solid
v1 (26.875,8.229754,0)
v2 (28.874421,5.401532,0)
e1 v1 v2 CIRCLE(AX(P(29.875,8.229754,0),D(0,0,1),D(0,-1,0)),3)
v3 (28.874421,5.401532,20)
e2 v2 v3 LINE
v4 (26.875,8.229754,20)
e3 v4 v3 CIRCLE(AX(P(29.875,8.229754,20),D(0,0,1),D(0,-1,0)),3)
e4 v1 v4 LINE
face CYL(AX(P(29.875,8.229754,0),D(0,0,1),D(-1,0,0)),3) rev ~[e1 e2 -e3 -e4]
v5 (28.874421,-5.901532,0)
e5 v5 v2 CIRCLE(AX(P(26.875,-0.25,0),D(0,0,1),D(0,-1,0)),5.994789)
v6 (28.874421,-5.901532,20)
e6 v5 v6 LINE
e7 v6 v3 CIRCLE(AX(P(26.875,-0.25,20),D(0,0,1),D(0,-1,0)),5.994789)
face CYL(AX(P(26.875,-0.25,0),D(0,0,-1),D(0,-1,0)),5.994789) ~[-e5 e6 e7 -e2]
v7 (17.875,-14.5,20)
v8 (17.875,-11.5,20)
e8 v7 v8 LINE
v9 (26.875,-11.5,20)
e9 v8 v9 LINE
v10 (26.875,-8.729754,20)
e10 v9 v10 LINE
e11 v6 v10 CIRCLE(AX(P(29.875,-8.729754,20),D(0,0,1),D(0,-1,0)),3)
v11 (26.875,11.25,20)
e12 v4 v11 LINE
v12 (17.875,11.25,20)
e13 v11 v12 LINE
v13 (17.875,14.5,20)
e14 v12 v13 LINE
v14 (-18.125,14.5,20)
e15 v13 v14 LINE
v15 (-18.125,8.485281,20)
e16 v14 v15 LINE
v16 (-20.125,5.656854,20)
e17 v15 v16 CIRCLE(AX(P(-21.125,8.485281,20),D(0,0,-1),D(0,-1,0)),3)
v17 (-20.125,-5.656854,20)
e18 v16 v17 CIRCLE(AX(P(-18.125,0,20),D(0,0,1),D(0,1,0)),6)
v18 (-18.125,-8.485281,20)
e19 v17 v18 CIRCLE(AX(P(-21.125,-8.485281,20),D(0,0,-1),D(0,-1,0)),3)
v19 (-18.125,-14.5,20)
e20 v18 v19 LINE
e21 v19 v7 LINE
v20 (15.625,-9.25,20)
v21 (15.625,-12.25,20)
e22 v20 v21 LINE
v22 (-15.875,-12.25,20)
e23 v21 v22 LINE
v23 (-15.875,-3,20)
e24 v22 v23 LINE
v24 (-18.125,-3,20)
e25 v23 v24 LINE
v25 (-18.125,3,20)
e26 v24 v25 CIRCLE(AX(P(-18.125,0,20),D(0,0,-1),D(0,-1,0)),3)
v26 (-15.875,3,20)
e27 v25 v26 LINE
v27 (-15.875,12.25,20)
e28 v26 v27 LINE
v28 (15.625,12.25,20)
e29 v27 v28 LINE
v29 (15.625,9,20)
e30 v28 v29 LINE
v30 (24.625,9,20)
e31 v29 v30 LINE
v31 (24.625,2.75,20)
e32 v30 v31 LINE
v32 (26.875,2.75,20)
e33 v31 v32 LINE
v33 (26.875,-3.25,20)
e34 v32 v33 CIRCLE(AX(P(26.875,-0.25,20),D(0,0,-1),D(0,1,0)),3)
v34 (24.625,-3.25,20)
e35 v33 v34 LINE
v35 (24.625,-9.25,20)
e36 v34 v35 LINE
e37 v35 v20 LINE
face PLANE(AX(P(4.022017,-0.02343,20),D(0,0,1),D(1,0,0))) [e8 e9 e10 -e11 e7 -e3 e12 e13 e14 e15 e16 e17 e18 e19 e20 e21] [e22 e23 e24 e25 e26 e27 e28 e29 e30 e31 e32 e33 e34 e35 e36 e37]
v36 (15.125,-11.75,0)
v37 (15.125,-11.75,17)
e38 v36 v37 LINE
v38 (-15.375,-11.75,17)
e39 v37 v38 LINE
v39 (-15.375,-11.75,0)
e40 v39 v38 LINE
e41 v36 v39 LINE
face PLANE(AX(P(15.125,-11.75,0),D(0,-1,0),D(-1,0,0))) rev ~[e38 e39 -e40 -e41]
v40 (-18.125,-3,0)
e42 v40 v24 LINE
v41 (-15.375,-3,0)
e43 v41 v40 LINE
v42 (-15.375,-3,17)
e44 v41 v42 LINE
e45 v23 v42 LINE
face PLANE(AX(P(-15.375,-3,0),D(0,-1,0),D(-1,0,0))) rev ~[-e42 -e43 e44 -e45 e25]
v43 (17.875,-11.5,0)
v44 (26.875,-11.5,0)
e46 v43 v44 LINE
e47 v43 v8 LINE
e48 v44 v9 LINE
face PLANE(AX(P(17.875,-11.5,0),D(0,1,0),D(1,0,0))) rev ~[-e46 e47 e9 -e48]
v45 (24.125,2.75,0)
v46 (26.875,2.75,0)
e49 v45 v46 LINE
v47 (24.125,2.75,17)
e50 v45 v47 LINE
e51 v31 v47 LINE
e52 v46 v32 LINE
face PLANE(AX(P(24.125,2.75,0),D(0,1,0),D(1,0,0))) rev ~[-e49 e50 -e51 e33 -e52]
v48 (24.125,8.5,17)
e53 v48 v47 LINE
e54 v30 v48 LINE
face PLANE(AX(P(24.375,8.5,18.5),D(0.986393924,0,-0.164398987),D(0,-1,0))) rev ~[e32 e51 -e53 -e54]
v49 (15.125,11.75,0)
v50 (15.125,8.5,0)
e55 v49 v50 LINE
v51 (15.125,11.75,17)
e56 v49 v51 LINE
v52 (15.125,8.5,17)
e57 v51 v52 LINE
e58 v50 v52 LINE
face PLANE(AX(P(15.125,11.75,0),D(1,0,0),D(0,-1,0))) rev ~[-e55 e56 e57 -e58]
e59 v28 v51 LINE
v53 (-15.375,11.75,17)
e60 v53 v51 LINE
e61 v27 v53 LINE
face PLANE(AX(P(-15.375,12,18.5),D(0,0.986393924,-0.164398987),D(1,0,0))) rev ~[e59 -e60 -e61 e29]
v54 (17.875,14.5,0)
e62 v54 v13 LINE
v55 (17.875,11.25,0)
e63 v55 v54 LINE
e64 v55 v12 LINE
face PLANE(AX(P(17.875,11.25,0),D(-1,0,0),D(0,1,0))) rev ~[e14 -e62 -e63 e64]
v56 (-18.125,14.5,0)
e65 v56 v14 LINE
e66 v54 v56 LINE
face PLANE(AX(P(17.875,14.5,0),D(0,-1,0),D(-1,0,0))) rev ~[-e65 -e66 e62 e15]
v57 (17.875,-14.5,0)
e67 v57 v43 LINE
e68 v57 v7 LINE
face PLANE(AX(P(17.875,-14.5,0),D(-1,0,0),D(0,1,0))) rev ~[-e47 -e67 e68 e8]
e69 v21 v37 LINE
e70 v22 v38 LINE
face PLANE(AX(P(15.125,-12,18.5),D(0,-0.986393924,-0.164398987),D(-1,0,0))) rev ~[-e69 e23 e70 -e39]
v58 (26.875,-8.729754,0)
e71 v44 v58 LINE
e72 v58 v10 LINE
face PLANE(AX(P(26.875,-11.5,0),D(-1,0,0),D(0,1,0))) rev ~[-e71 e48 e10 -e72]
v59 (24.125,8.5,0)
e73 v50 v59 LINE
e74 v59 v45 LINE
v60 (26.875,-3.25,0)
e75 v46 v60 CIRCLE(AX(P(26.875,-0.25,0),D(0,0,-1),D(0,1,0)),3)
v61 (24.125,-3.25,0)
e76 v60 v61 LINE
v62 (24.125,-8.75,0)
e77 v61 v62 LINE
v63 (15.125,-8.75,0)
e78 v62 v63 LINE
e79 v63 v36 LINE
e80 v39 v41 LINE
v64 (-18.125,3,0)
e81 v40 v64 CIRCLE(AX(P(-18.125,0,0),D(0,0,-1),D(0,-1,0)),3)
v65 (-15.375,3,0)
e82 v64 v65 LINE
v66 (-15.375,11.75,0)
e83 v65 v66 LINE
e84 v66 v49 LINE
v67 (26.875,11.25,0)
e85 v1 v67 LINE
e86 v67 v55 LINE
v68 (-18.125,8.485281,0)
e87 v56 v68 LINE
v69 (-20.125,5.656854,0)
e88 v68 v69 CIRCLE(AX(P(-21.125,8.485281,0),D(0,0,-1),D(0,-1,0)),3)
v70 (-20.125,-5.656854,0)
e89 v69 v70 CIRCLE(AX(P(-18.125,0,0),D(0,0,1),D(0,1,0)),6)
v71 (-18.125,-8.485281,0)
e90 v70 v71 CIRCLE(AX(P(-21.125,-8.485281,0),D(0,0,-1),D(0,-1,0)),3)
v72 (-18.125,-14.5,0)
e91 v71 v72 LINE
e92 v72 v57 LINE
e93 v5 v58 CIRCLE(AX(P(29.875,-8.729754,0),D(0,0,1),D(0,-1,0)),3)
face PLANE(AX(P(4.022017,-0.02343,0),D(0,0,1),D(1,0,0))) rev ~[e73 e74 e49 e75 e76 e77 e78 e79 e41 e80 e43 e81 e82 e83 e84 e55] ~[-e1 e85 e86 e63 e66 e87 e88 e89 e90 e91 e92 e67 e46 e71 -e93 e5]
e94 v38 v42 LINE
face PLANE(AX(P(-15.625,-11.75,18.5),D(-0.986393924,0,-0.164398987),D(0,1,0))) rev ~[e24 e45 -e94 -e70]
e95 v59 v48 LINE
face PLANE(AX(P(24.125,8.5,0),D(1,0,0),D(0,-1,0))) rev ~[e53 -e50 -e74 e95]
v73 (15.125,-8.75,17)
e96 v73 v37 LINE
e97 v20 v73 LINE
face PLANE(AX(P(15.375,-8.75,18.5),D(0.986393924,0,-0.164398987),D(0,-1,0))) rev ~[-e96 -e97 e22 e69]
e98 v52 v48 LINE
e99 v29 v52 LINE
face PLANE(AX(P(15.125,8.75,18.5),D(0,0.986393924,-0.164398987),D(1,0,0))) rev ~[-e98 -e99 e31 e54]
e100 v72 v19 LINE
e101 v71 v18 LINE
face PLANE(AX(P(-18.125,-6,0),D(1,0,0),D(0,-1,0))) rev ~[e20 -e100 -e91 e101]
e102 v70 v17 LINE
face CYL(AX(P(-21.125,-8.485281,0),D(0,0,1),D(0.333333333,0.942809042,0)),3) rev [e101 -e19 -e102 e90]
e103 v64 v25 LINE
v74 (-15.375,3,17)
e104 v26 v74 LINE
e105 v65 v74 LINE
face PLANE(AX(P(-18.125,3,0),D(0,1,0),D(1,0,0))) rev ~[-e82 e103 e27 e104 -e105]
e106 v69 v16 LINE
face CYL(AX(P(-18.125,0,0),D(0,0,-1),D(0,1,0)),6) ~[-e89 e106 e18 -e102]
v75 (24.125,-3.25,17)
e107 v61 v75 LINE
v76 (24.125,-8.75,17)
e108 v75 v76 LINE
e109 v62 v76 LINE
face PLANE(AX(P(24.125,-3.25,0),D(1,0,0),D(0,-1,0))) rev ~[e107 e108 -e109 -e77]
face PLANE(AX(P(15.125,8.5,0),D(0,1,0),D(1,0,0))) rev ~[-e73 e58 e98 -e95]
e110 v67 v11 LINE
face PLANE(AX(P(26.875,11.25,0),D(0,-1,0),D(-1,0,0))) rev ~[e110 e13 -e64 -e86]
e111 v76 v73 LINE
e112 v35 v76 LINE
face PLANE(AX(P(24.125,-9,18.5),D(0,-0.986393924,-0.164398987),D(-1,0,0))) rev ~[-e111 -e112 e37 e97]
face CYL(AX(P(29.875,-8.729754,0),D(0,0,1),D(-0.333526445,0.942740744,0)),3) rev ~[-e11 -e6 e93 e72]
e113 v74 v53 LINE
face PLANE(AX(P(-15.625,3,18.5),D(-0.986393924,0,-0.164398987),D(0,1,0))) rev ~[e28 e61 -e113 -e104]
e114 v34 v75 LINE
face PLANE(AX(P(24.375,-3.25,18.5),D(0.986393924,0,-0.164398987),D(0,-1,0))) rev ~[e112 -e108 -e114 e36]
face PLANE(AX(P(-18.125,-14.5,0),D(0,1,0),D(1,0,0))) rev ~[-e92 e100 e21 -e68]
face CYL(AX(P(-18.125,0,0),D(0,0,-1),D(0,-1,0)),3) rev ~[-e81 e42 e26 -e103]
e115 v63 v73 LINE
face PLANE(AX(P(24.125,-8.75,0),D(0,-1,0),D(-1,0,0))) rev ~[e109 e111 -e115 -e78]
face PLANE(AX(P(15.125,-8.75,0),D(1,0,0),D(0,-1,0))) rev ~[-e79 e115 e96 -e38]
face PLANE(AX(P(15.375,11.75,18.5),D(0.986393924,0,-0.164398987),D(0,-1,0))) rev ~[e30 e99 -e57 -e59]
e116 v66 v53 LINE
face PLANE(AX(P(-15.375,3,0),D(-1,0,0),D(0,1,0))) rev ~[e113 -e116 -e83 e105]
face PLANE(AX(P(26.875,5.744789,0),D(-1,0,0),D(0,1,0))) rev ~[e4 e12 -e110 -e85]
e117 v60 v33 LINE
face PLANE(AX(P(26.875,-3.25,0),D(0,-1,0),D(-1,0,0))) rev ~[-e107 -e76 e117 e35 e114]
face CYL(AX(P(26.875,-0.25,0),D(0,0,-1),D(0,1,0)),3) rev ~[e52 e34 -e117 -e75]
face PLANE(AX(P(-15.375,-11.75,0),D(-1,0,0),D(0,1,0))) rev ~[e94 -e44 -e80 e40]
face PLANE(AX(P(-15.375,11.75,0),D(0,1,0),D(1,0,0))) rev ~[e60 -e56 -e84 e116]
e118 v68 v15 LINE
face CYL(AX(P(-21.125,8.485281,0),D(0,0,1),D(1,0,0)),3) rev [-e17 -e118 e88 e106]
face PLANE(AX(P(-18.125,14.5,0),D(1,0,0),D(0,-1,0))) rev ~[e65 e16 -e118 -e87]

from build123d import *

# Parameters (mm, degrees)
F1_DEPTH = 20
F2_R     = 3
F3_SIZE2 = 3
F3_SIZE  = 0.5


with BuildPart() as f1:
    # F0 (on Top) → F1 (new body)
    with BuildSketch(Plane.XY):
        with BuildLine():
            Line((17.875, 14.5), (-18.125, 14.5))
            Line((-18.125, 14.5), (-18.125, 6))
            ThreePointArc((-18.125, 6), (-24.125, 0), (-18.125, -6))
            Line((-18.125, -6), (-18.125, -14.5))
            Line((-18.125, -14.5), (17.875, -14.5))
            Line((17.875, -14.5), (17.875, -11.5))
            Line((17.875, -11.5), (26.875, -11.5))
            Line((26.875, -11.5), (26.875, -6.244789))
            ThreePointArc((26.875, -6.244789), (32.869789, -0.25), (26.875, 5.744789))
            Line((26.875, 5.744789), (26.875, 11.25))
            Line((26.875, 11.25), (17.875, 11.25))
            Line((17.875, 11.25), (17.875, 14.5))
        make_face()
        with BuildLine():
            Line((-15.375, 3), (-15.375, 11.75))
            Line((-15.375, 11.75), (15.125, 11.75))
            Line((15.125, 11.75), (15.125, 8.5))
            Line((15.125, 8.5), (24.125, 8.5))
            Line((24.125, 8.5), (24.125, 2.75))
            Line((24.125, 2.75), (26.875, 2.75))
            ThreePointArc((26.875, 2.75), (29.875, -0.25), (26.875, -3.25))
            Line((26.875, -3.25), (24.125, -3.25))
            Line((24.125, -3.25), (24.125, -8.75))
            Line((24.125, -8.75), (15.125, -8.75))
            Line((15.125, -8.75), (15.125, -11.75))
            Line((15.125, -11.75), (-15.375, -11.75))
            Line((-15.375, -11.75), (-15.375, -3))
            Line((-15.375, -3), (-18.125, -3))
            ThreePointArc((-18.125, -3), (-21.125, 0), (-18.125, 3))
            Line((-18.125, 3), (-15.375, 3))
        make_face(mode=Mode.SUBTRACT)
    extrude(amount=F1_DEPTH)

    # F2
    f2_edges = [f1.edges().sort_by_distance(p)[0] for p in [
        (26.875, -6.244789, 10),
        (26.875, 5.744789, 10),
        (-18.125, 6, 10),
        (-18.125, -6, 10),
    ]]
    fillet(f2_edges, radius=F2_R)

    # F3
    f3_edges = [f1.edges().sort_by_distance(p)[0] for p in [
        (-15.375, 7.375, 20),
        (-0.125, 11.75, 20),
        (-15.375, -7.375, 20),
        (-0.125, -11.75, 20),
        (15.125, -10.25, 20),
        (15.125, 10.125, 20),
        (19.625, 8.5, 20),
        (24.125, 5.625, 20),
        (24.125, -6, 20),
        (19.625, -8.75, 20),
    ]]
    chamfer(f3_edges, length=F3_SIZE, length2=F3_SIZE2)


solid = f1.part
